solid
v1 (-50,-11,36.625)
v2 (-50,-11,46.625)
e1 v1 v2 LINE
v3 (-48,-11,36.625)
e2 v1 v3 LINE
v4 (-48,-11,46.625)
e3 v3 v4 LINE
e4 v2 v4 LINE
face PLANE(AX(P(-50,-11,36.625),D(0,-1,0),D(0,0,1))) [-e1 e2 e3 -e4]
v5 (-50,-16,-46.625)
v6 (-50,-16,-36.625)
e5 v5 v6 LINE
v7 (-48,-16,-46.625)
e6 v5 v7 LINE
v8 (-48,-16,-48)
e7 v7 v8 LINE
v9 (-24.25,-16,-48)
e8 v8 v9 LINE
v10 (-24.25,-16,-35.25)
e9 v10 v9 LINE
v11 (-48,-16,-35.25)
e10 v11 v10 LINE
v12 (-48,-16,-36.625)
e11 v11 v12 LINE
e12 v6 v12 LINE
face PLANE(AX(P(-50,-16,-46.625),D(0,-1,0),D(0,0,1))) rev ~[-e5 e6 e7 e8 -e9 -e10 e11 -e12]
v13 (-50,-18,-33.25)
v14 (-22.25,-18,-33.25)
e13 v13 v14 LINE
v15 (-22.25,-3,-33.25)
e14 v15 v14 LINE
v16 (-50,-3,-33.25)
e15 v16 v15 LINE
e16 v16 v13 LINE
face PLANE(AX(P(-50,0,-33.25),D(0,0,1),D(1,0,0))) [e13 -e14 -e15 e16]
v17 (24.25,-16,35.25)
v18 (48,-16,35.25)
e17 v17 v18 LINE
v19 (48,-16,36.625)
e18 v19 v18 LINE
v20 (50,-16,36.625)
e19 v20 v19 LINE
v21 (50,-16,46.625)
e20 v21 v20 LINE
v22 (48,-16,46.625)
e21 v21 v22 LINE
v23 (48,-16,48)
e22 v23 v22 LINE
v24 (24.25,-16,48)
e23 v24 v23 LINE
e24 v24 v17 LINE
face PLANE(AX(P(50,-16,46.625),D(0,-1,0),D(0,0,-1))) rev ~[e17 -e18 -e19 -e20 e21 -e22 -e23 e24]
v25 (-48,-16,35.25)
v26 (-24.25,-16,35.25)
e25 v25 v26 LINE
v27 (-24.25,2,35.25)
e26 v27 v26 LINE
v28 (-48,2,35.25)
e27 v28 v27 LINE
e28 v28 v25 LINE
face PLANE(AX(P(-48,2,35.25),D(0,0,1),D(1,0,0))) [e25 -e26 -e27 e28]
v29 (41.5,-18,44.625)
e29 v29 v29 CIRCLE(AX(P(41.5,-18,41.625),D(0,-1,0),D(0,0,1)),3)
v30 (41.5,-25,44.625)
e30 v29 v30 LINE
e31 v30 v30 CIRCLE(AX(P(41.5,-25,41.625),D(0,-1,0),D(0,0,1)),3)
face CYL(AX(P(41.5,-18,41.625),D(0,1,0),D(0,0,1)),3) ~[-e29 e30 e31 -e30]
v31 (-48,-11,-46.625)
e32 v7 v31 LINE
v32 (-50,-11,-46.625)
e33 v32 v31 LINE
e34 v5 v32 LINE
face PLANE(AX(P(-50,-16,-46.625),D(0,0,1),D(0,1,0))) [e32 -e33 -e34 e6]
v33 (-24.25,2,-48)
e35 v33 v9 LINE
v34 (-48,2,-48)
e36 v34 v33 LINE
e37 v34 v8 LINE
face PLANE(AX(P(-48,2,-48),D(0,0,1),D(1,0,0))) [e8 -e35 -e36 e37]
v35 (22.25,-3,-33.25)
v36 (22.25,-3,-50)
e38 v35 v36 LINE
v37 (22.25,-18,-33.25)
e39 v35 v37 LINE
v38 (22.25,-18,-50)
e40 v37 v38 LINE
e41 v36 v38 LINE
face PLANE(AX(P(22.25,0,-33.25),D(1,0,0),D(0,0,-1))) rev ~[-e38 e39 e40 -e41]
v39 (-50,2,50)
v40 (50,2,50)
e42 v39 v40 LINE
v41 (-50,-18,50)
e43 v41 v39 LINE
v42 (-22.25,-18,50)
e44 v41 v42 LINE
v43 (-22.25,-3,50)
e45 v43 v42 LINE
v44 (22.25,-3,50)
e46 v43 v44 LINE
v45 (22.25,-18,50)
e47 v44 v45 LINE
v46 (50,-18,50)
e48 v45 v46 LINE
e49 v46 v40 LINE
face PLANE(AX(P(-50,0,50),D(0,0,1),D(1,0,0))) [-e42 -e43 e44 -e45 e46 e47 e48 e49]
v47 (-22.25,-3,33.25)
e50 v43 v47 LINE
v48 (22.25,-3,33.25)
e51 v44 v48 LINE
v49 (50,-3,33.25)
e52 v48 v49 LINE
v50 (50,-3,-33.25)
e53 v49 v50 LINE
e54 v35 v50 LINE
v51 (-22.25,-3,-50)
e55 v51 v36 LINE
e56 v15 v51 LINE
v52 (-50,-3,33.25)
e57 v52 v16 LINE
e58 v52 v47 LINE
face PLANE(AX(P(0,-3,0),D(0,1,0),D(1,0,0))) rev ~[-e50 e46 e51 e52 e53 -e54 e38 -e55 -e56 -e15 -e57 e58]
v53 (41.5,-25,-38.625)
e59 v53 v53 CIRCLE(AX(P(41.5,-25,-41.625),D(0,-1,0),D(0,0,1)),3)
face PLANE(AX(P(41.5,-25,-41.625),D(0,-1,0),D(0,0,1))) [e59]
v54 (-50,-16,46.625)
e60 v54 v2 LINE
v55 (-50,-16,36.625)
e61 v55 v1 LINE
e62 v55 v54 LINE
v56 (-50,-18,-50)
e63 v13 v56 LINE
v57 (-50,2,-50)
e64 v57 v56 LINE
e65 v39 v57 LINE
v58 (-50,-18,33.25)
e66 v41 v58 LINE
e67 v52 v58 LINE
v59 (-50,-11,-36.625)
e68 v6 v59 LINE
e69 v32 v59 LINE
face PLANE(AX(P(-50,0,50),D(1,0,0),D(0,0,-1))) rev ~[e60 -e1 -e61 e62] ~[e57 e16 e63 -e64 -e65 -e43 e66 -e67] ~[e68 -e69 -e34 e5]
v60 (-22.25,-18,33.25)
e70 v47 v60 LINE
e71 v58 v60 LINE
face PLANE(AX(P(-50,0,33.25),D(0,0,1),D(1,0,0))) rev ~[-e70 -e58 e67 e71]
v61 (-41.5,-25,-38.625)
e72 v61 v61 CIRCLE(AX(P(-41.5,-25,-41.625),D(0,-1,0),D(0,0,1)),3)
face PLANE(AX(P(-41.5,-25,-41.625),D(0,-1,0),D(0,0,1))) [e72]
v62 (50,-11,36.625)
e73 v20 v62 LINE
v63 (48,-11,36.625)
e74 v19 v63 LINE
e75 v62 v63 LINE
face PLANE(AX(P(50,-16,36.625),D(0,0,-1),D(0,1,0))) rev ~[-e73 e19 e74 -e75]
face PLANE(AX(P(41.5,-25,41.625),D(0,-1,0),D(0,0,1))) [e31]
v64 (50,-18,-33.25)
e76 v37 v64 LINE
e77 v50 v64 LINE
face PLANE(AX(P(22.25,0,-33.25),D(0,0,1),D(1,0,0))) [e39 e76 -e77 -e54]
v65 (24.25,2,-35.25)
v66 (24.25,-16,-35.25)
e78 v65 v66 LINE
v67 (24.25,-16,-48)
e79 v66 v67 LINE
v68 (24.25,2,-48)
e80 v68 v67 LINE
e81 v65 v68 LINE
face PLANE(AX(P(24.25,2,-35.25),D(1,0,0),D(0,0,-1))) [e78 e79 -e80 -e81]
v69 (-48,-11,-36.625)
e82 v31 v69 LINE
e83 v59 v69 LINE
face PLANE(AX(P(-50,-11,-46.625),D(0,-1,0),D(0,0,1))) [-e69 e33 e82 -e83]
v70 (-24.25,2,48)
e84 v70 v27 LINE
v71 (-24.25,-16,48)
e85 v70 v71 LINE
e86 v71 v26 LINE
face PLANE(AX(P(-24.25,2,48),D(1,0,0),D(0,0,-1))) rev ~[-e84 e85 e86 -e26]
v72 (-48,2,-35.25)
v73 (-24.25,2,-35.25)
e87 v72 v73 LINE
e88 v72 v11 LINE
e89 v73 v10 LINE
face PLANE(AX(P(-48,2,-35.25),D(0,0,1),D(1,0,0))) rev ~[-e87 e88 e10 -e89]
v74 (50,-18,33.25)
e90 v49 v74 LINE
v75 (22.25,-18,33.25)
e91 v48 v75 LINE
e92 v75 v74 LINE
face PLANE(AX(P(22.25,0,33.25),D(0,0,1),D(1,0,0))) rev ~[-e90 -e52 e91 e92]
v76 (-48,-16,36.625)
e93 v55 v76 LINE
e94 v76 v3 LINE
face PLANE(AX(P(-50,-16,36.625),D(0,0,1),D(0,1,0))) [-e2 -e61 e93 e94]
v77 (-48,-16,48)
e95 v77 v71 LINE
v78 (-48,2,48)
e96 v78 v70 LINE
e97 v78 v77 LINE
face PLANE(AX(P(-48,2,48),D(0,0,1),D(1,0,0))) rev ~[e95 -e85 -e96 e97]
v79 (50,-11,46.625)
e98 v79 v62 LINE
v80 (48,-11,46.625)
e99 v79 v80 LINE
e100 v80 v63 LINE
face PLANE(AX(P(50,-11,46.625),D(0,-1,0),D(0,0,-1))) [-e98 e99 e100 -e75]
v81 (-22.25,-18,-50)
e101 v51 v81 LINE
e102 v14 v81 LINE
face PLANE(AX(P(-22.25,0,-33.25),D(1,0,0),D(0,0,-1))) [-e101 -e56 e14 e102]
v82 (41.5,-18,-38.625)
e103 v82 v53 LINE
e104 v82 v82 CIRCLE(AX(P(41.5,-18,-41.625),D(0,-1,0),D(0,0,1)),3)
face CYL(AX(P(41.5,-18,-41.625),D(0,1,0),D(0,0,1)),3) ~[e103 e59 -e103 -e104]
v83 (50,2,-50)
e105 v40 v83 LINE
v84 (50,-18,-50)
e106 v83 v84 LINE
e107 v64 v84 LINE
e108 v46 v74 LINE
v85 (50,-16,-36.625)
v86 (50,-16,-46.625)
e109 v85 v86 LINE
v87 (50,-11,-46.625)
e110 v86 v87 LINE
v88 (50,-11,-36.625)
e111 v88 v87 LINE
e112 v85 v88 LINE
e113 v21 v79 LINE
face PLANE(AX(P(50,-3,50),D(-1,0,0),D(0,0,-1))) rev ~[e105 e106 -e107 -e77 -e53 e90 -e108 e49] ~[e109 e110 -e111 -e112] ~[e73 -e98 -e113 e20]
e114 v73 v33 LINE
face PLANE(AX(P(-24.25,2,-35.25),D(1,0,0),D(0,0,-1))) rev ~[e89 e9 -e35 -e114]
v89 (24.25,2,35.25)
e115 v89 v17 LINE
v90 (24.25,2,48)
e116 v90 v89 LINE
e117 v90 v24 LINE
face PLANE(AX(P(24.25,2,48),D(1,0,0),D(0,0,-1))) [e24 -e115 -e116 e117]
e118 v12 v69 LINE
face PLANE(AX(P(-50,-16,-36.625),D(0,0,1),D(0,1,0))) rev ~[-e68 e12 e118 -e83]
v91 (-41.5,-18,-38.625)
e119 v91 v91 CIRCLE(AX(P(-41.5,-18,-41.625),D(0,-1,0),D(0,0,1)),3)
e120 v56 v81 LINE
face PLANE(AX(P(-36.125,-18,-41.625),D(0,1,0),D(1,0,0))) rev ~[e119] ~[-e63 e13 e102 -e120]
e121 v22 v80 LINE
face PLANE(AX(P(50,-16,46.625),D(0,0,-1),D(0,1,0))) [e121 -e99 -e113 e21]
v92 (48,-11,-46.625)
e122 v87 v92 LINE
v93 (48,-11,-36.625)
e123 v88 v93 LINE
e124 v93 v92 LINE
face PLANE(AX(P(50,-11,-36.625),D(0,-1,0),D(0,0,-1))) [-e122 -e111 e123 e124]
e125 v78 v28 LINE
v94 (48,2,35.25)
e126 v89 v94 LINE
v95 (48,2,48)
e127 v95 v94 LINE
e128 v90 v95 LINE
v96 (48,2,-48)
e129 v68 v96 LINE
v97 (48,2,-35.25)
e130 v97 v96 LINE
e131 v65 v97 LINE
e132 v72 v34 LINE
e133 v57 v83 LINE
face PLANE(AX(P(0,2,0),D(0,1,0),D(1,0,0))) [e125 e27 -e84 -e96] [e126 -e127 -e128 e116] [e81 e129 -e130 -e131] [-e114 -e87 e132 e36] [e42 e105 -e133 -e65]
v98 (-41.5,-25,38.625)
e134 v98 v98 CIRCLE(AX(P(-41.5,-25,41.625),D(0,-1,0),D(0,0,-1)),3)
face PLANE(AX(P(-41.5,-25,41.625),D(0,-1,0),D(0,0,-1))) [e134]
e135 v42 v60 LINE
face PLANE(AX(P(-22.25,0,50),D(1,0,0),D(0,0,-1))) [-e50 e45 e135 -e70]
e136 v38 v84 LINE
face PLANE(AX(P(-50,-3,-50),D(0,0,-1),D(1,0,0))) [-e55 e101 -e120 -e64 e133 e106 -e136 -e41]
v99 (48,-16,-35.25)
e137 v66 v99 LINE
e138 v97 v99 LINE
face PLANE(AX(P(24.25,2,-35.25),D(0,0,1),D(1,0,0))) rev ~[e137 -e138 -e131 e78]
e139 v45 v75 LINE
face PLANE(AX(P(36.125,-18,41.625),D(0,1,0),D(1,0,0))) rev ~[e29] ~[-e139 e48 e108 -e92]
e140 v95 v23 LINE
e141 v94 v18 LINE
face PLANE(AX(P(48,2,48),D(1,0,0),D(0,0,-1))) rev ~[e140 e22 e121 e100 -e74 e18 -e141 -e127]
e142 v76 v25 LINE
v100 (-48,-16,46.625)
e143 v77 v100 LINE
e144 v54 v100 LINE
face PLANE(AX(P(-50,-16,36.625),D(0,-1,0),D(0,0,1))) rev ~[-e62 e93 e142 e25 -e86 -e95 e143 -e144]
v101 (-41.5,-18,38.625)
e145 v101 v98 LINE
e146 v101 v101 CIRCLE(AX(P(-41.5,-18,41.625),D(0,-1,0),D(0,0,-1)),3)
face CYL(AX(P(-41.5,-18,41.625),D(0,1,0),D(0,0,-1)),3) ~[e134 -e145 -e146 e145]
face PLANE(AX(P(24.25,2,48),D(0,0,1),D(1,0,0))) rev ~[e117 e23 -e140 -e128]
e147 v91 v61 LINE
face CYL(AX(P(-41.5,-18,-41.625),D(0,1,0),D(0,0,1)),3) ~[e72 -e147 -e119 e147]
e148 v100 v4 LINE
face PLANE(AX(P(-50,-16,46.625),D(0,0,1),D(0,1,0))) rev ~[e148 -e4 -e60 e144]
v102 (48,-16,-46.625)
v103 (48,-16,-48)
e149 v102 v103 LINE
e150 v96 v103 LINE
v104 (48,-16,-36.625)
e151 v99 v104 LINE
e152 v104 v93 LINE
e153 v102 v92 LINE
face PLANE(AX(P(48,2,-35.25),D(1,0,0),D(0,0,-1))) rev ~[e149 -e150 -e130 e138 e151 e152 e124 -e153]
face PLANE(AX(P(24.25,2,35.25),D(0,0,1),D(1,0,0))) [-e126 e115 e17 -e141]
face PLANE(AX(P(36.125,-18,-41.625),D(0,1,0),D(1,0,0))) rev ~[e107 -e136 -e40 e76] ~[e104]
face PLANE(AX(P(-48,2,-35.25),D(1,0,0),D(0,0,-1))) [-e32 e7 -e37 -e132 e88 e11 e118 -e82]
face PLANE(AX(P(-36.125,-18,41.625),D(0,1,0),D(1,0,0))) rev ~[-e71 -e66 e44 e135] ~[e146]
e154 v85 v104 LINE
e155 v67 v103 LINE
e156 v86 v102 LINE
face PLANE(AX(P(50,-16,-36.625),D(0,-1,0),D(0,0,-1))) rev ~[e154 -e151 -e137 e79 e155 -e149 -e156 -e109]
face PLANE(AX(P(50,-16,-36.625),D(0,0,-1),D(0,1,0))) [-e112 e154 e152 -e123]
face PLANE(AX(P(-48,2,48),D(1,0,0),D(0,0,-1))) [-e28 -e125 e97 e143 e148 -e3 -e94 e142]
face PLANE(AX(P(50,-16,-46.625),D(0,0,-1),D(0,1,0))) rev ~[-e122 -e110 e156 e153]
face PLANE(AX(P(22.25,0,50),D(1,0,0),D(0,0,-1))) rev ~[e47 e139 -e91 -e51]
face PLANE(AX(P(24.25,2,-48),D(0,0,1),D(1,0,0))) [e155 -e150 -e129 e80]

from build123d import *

# Parameters (mm, degrees)
BOSS_EXTRUDE1_DEPTH      = 2
BOSS_EXTRUDE1_DEPTH_BACK = 3
SKETCH1_W                = 100
SKETCH1_H                = 100
SKETCH3_W                = 27.75
SKETCH3_H                = 16.75
BOSS_EXTRUDE4_DEPTH      = 18
SKETCH4_W                = 23.75
SKETCH4_H                = 12.75
CUT_EXTRUDE1_DEPTH       = 18
SKETCH5_R                = 3
BOSS_EXTRUDE5_DEPTH      = 7
SKETCH6_W                = 10
SKETCH6_H                = 5
CUT_EXTRUDE2_DEPTH       = 2
SKETCH7_W                = 10
SKETCH7_H                = 5
CUT_EXTRUDE3_DEPTH       = 2


with BuildPart() as part:
    # Sketch1 → Boss-Extrude1 (new, two sides: drawn at the far end of the back side and taken through both)
    with BuildSketch(Plane(origin=(0, 0, 0), x_dir=(1, 0, 0), z_dir=(0, 1, 0)).offset(-BOSS_EXTRUDE1_DEPTH_BACK)):
        Rectangle(SKETCH1_W, SKETCH1_H)
    extrude(amount=BOSS_EXTRUDE1_DEPTH + BOSS_EXTRUDE1_DEPTH_BACK)

    # Sketch3 → Boss-Extrude4 (add)
    with BuildSketch(Plane(origin=(0, 0, 0), x_dir=(1, 0, 0), z_dir=(0, 1, 0))):
        with Locations((-36.125, -41.625)):
            Rectangle(SKETCH3_W, SKETCH3_H)
        with Locations((36.125, -41.625)):
            Rectangle(SKETCH3_W, SKETCH3_H)
        with Locations((36.125, 41.625)):
            Rectangle(SKETCH3_W, SKETCH3_H)
        with Locations((-36.125, 41.625)):
            Rectangle(SKETCH3_W, SKETCH3_H)
    extrude(amount=-BOSS_EXTRUDE4_DEPTH)

    # Sketch4 → Cut-Extrude1 (cut)
    with BuildSketch(Plane(origin=(0, 2, 0), x_dir=(1, 0, 0), z_dir=(0, 1, 0))):
        with Locations((-36.125, -41.625)):
            Rectangle(SKETCH4_W, SKETCH4_H)
        with Locations((36.125, -41.625)):
            Rectangle(SKETCH4_W, SKETCH4_H)
        with Locations((36.125, 41.625)):
            Rectangle(SKETCH4_W, SKETCH4_H)
        with Locations((-36.125, 41.625)):
            Rectangle(SKETCH4_W, SKETCH4_H)
    extrude(amount=-CUT_EXTRUDE1_DEPTH, mode=Mode.SUBTRACT)

    # Sketch5 → Boss-Extrude5 (add)
    with BuildSketch(Plane(origin=(0, -18, 0), x_dir=(-1, 0, 0), z_dir=(0, -1, 0))):
        with Locations(Location((41.5, -41.625, 0), (0, 0, 90))):
            Circle(SKETCH5_R)
        with Locations(Location((-41.5, -41.625, 0), (0, 0, 270))):
            Circle(SKETCH5_R)
        with Locations(Location((41.5, 41.625, 0), (0, 0, 270))):
            Circle(SKETCH5_R)
        with Locations(Location((-41.5, 41.625, 0), (0, 0, 270))):
            Circle(SKETCH5_R)
    extrude(amount=BOSS_EXTRUDE5_DEPTH)

    # Sketch6 → Cut-Extrude2 (cut)
    with BuildSketch(Plane(origin=(50, 0, 0), x_dir=(0, 0, -1), z_dir=(1, 0, 0))):
        with Locations((-41.625, -13.5)):
            Rectangle(SKETCH6_W, SKETCH6_H)
        with Locations((41.625, -13.5)):
            Rectangle(SKETCH6_W, SKETCH6_H)
    extrude(amount=-CUT_EXTRUDE2_DEPTH, mode=Mode.SUBTRACT)

    # Sketch7 → Cut-Extrude3 (cut)
    with BuildSketch(Plane.ZY.offset(50)):
        with Locations((41.625, -13.5)):
            Rectangle(SKETCH7_W, SKETCH7_H)
        with Locations((-41.625, -13.5)):
            Rectangle(SKETCH7_W, SKETCH7_H)
    extrude(amount=-CUT_EXTRUDE3_DEPTH, mode=Mode.SUBTRACT)


solid = part.part
